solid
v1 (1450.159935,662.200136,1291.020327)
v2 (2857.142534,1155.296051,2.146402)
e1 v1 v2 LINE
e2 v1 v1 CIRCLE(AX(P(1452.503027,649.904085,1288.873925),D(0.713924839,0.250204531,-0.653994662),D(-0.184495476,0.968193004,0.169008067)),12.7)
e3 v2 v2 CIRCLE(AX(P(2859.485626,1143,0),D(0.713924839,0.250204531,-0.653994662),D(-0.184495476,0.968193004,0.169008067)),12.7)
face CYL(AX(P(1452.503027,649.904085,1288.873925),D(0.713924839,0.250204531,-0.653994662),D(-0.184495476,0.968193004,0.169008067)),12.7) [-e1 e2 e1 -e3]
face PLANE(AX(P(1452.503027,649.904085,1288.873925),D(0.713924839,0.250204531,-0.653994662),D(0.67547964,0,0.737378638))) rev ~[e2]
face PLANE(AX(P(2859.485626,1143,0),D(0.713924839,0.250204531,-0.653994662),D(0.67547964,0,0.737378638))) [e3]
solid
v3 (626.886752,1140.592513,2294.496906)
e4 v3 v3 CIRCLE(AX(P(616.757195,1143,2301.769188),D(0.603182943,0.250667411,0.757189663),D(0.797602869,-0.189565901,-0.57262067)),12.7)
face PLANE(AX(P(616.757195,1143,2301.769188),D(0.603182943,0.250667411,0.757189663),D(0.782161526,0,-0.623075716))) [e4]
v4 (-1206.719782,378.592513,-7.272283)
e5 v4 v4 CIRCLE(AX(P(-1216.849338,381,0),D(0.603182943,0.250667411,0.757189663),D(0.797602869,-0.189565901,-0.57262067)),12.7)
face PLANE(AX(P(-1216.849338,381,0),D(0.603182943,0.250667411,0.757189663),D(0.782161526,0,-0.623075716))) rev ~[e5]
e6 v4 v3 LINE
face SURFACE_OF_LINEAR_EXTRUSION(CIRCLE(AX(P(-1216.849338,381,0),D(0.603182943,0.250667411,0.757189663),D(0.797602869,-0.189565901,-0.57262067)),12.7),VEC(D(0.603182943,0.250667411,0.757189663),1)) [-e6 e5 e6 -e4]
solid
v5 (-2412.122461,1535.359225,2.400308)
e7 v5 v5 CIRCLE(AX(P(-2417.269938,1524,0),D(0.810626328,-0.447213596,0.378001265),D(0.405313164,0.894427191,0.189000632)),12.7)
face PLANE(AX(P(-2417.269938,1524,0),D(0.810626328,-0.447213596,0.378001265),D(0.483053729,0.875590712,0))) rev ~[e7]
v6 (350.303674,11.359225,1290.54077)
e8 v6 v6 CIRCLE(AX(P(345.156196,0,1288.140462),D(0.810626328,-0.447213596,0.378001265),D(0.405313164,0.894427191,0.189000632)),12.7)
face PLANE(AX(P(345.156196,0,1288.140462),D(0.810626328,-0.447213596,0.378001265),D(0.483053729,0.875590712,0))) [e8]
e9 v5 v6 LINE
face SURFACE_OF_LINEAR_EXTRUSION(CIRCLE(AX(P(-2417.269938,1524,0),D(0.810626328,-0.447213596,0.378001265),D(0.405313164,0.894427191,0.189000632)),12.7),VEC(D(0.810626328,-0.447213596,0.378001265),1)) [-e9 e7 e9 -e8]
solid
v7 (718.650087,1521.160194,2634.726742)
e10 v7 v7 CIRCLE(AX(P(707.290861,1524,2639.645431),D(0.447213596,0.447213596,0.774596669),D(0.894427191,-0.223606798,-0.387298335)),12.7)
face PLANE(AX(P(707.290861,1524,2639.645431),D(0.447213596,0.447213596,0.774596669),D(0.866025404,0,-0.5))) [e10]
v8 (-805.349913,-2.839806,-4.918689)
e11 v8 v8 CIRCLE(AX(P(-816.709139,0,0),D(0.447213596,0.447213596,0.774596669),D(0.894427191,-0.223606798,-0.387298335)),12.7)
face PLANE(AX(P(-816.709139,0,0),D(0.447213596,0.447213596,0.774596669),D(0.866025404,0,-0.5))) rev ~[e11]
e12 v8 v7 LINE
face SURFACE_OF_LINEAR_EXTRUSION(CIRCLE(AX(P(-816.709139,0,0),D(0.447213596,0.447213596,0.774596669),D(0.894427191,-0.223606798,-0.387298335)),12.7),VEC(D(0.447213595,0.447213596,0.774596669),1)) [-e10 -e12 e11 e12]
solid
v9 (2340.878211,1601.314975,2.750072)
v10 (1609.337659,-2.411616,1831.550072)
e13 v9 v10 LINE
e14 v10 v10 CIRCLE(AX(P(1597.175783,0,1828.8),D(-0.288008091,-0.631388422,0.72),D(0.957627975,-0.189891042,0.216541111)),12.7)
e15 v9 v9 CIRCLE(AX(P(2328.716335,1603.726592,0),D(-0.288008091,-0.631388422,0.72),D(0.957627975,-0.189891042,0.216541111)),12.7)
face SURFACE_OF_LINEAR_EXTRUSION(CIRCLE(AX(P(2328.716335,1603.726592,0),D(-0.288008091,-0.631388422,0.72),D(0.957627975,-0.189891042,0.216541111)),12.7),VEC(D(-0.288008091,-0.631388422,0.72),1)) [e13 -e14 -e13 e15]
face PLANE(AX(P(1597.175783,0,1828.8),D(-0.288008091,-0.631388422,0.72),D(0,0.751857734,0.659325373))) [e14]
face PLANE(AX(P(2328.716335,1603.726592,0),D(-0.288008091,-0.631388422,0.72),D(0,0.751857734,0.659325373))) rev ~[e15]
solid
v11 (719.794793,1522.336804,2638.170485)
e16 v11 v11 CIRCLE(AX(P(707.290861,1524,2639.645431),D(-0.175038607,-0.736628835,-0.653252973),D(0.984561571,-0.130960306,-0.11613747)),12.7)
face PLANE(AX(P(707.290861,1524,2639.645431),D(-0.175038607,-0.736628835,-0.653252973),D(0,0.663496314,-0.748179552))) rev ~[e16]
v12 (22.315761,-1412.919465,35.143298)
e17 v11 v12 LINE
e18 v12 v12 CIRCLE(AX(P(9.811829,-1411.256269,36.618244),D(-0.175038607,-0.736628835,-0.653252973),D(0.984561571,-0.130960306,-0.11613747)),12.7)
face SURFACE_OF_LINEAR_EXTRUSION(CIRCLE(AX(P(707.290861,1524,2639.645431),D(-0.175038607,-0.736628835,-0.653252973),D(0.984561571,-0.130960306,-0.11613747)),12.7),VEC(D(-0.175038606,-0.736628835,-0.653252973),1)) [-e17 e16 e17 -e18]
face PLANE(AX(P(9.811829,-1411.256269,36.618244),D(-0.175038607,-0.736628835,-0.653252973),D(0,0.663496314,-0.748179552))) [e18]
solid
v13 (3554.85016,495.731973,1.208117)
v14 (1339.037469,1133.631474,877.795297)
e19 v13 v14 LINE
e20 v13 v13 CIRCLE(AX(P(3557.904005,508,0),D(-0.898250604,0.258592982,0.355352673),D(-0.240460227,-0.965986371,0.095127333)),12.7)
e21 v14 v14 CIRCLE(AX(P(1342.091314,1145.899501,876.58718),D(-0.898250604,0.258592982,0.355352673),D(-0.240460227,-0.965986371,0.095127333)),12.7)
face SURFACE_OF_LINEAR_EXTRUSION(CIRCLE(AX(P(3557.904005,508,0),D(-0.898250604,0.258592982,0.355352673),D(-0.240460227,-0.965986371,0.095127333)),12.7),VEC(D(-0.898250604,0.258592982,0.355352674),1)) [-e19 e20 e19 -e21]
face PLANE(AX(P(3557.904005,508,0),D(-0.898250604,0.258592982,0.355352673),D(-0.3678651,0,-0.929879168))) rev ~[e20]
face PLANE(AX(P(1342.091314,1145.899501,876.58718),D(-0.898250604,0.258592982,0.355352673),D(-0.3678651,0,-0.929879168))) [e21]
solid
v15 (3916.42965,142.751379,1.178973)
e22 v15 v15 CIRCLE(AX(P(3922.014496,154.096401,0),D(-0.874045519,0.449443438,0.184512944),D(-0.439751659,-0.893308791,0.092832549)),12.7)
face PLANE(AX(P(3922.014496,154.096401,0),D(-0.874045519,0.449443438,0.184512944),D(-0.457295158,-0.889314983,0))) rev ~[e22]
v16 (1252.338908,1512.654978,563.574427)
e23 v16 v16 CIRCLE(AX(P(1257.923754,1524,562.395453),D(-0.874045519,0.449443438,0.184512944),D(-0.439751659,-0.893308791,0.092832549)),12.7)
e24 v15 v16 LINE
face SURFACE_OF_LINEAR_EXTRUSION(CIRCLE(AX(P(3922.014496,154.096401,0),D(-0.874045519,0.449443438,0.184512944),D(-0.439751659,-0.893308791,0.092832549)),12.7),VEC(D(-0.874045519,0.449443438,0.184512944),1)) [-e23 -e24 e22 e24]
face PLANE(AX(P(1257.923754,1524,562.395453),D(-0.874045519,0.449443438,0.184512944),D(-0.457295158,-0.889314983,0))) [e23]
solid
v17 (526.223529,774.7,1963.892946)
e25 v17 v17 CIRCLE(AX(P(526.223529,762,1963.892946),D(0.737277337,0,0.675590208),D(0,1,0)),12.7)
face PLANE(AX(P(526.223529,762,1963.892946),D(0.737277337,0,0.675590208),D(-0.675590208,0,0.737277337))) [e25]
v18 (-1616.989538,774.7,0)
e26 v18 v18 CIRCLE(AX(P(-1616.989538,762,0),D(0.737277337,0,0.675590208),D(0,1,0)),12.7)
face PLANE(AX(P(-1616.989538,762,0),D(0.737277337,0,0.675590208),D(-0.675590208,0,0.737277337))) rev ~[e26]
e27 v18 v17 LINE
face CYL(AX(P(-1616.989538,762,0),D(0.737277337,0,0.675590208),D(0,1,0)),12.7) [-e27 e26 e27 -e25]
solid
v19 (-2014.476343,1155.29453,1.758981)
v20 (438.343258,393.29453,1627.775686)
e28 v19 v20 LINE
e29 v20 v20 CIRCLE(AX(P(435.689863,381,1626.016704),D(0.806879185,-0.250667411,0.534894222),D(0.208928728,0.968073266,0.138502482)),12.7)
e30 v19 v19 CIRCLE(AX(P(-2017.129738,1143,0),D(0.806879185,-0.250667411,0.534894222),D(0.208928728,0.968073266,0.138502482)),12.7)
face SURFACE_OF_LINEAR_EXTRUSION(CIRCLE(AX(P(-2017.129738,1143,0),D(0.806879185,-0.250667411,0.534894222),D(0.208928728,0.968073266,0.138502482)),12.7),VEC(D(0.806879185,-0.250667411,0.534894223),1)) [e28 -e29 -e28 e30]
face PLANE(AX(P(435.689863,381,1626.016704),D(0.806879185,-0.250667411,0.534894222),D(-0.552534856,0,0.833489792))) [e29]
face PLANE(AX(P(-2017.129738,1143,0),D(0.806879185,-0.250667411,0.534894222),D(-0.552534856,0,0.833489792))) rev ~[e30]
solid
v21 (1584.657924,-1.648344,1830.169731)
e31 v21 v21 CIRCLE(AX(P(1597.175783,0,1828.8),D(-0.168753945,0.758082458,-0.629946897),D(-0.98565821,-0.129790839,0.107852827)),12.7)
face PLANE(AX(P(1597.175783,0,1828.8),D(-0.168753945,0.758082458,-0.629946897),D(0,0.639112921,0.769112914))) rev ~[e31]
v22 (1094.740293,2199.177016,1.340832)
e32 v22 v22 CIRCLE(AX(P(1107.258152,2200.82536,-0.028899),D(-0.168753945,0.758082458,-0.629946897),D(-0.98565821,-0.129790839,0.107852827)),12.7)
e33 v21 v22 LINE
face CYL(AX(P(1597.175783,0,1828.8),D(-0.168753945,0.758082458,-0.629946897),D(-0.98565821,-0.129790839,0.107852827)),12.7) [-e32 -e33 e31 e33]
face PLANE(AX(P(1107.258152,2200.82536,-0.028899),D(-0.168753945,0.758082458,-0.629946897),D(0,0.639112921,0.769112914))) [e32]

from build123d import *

# Parameters (mm, degrees)
F63_R = 12.7
F70_R = 12.7
F73_R = 12.7
F76_R = 12.7
F79_R = 12.7
F82_R = 12.7
F85_R = 12.7
F88_R = 12.7
F91_R = 12.7
F94_R = 12.7
F97_R = 12.7


with BuildPart() as f64:
    # F64: sweep along a path in F25
    with BuildLine(Plane(origin=(-389.3408093806, -284.2837312739, 424.8909350903), x_dir=(0.7955538849, -0.3369223213, 0.5035646589), z_dir=(0.6058828404, 0.4423955322, -0.6612050944))) as f64_path:
        Line((1378.450525737, -2734.5022761695), (501.7292301637, 1152.5681725711))
    # F63 (on line) → F64 (sweep)
    with BuildSketch(Plane(origin=(520.001502018, 2188.3635168782, 1940.6720255435), x_dir=(0.9845615706, -0.1309603061, -0.1161374701), z_dir=(-0.1750386065, -0.7366288346, -0.6532529726))):
        with Locations((190.2261524825, 963.7603534071)):
            Circle(F63_R)
    sweep(path=f64_path.line)


with BuildPart() as f71:
    # F71: sweep along a path in F13
    with BuildLine(Plane(origin=(-431.7393863669, 0, 925.8681019204), x_dir=(0.906307787, 0, 0.4226182617), z_dir=(0.4226182617, 0, -0.906307787))) as f71_path:
        Line((-2190.7905685546, -1524), (857.2094314454, 0))
    # F70 (on line) → F71 (sweep)
    with BuildSketch(Plane(origin=(621.5164662722, -342.8837725782, 289.8178878922), x_dir=(0.4053131641, 0.894427191, 0.1890006324), z_dir=(0.8106263281, -0.4472135955, 0.3780012647))):
        with Locations((383.3557119332, 1021.5824195307)):
            Circle(F70_R)
    sweep(path=f71_path.line)


with BuildPart() as f74:
    # F74: sweep along a path in F21
    with BuildLine(Plane(origin=(-615.8191529715, 0, 928.9531192667), x_dir=(0.8334897919, 0, 0.5525348557), z_dir=(0.5525348557, 0, -0.8334897919))) as f74_path:
        Line((-1681.2570460077, -1143), (1261.5739579109, -381))
    # F73 (on line) → F74 (sweep)
    with BuildSketch(Plane(origin=(908.3779208917, -282.1993005073, 602.1794967039), x_dir=(0.2089287283, 0.9680732664, 0.1385024818), z_dir=(0.8068791854, -0.2506674111, 0.5348942225))):
        with Locations((685.0713923805, 1114.5344889064)):
            Circle(F73_R)
    sweep(path=f74_path.line)


with BuildPart() as f77:
    # F77: sweep along a path in F15
    with BuildLine(Plane.XZ.offset(-762)) as f77_path:
        Line((-1616.9895384722, 0), (526.2235289716, 1963.8929462603))
    # F76 (on line) → F77 (sweep)
    with BuildSketch(Plane(origin=(1264.2533360874, 0, 1158.4747437124), x_dir=(0, 1, 0), z_dir=(0.7372773368, 0, 0.6755902076))):
        with Locations((762, 1092.4222980088)):
            Circle(F76_R)
    sweep(path=f77_path.line)


with BuildPart() as f80:
    # F80: sweep along a path in F23
    with BuildLine(Plane(origin=(-744.440015029, 0, 593.0264782161), x_dir=(0, -1, 0), z_dir=(-0.7821615259, 0, 0.6230757156))) as f80_path:
        Line((-381, -758.1892723911), (-1143, 2184.6417315276))
    # F79 (on line) → F80 (sweep)
    with BuildSketch(Plane(origin=(1448.487203882, 601.9542519396, 1818.3198818893), x_dir=(0.7976028692, -0.1895659013, -0.5726206703), z_dir=(0.6031829432, 0.2506674111, 0.7571896632))):
        with Locations((-1042.7871322125, 361.6953659558)):
            Circle(F79_R)
    sweep(path=f80_path.line)


with BuildPart() as f83:
    # F83: sweep along a path in F11
    with BuildLine(Plane(origin=(-612.5318538975, 0, 353.645430735), x_dir=(0, 1, 0), z_dir=(0.8660254038, 0, -0.5))) as f83_path:
        Line((0, -408.354569265), (1524, 2639.645430735))
    # F82 (on line) → F83 (sweep)
    with BuildSketch(Plane(origin=(1360.658172294, 1360.658172294, 2356.729086147), x_dir=(0.894427191, -0.2236067977, -0.3872983346), z_dir=(0.4472135955, 0.4472135955, 0.7745966692))):
        with Locations((-730.4868606394, 0)):
            Circle(F82_R)
    sweep(path=f83_path.line)


with BuildPart() as f86:
    # F86: sweep along a path in F66
    with BuildLine(Plane(origin=(1357.2791237126, 178.7256412325, -148.5163809982), x_dir=(-0.1290207409, 0.9915413951, 0.0141177251), z_dir=(0.9856582095, 0.1297908385, -0.1078528267))) as f86_path:
        Line((-180.2503073613, 1991.6784779044), (2039.3497725054, 120.4109458824))
    # F85 (on line) → F86 (sweep)
    with BuildSketch(Plane(origin=(239.8966595299, -1077.6722828153, 895.5177681397), x_dir=(-0.9856582095, -0.1297908385, 0.1078528267), z_dir=(-0.1687539451, 0.7580824578, -0.6299468971))):
        with Locations((-1377.0281732502, 1406.5536972315)):
            Circle(F85_R)
    sweep(path=f86_path.line)


with BuildPart() as f89:
    # F89: sweep along a path in F43
    with BuildLine(Plane(origin=(1322.085267977, -603.0697452142, 0), x_dir=(-0.4150127603, -0.9098155905, 0), z_dir=(-0.9098155905, 0.4150127603, 0))) as f89_path:
        Line((-2425.5424502575, 0), (-662.8483304511, 1828.8))
    # F88 (on line) → F89 (sweep)
    with BuildSketch(Plane(origin=(-246.7470301008, -540.9334757748, 616.8502447343), x_dir=(0.9576279754, -0.1898910422, 0.2165411111), z_dir=(-0.2880080914, -0.6313884219, 0.72))):
        with Locations((1925.5105956571, 1205.7742417561)):
            Circle(F88_R)
    sweep(path=f89_path.line)


with BuildPart() as f92:
    # F92: sweep along a path in F61
    with BuildLine(Plane(origin=(-43.9645667407, 125.4469535881, 0), x_dir=(-0.9437219156, -0.3307399977, 0), z_dir=(-0.3307399977, 0.9437219156, 0))) as f92_path:
        Line((-1585.7082149983, 1288.8739248976), (-3076.5950700847, 0))
    # F91 (on line) → F92 (sweep)
    with BuildSketch(Plane(origin=(254.635764715, 89.2405176226, -233.2604523847), x_dir=(-0.1844954764, 0.9681930038, 0.1690080667), z_dir=(0.7139248385, 0.2502045312, -0.6539946617))):
        with Locations((579.0824403399, 1931.5243215329)):
            Circle(F91_R)
    sweep(path=f92_path.line)


with BuildPart() as f95:
    # F95: sweep along a path in F68
    with BuildLine(Plane(origin=(407.35623983, 1414.9958187026, 0), x_dir=(0.960970966, -0.276649241, 0), z_dir=(-0.276649241, -0.960970966, 0))) as f95_path:
        Line((3278.5046341406, 0), (972.6985592843, 876.5871802043))
    # F94 (on line) → F95 (sweep)
    with BuildSketch(Plane(origin=(536.8980086444, -154.5649471771, -212.3996822224), x_dir=(-0.2404602271, -0.9659863713, 0.0951273333), z_dir=(-0.8982506037, 0.2585929821, 0.3553526735))):
        with Locations((-1346.2554817405, 1308.8287141944)):
            Circle(F94_R)
    sweep(path=f95_path.line)


with BuildPart() as f98:
    # F98: sweep along a path in F40
    with BuildLine(Plane(origin=(882.8350421028, 1716.8745773649, 0), x_dir=(0.8893149829, -0.4572951576, 0), z_dir=(-0.4572951576, -0.8893149829, 0))) as f98_path:
        Line((3417.4387166019, 0), (421.7726214012, 562.3954534531))
    # F97 (on line) → F98 (sweep)
    with BuildSketch(Plane(origin=(271.619766491, -139.669752903, -57.3395340169), x_dir=(-0.4397516593, -0.893308791, 0.0928325488), z_dir=(-0.8740455191, 0.449443438, 0.184512944))):
        with Locations((-1862.3680520254, 810.0921524147)):
            Circle(F97_R)
    sweep(path=f98_path.line)


solid = Compound([f64.part, f71.part, f74.part, f77.part, f80.part, f83.part, f86.part, f89.part, f92.part, f95.part, f98.part])
